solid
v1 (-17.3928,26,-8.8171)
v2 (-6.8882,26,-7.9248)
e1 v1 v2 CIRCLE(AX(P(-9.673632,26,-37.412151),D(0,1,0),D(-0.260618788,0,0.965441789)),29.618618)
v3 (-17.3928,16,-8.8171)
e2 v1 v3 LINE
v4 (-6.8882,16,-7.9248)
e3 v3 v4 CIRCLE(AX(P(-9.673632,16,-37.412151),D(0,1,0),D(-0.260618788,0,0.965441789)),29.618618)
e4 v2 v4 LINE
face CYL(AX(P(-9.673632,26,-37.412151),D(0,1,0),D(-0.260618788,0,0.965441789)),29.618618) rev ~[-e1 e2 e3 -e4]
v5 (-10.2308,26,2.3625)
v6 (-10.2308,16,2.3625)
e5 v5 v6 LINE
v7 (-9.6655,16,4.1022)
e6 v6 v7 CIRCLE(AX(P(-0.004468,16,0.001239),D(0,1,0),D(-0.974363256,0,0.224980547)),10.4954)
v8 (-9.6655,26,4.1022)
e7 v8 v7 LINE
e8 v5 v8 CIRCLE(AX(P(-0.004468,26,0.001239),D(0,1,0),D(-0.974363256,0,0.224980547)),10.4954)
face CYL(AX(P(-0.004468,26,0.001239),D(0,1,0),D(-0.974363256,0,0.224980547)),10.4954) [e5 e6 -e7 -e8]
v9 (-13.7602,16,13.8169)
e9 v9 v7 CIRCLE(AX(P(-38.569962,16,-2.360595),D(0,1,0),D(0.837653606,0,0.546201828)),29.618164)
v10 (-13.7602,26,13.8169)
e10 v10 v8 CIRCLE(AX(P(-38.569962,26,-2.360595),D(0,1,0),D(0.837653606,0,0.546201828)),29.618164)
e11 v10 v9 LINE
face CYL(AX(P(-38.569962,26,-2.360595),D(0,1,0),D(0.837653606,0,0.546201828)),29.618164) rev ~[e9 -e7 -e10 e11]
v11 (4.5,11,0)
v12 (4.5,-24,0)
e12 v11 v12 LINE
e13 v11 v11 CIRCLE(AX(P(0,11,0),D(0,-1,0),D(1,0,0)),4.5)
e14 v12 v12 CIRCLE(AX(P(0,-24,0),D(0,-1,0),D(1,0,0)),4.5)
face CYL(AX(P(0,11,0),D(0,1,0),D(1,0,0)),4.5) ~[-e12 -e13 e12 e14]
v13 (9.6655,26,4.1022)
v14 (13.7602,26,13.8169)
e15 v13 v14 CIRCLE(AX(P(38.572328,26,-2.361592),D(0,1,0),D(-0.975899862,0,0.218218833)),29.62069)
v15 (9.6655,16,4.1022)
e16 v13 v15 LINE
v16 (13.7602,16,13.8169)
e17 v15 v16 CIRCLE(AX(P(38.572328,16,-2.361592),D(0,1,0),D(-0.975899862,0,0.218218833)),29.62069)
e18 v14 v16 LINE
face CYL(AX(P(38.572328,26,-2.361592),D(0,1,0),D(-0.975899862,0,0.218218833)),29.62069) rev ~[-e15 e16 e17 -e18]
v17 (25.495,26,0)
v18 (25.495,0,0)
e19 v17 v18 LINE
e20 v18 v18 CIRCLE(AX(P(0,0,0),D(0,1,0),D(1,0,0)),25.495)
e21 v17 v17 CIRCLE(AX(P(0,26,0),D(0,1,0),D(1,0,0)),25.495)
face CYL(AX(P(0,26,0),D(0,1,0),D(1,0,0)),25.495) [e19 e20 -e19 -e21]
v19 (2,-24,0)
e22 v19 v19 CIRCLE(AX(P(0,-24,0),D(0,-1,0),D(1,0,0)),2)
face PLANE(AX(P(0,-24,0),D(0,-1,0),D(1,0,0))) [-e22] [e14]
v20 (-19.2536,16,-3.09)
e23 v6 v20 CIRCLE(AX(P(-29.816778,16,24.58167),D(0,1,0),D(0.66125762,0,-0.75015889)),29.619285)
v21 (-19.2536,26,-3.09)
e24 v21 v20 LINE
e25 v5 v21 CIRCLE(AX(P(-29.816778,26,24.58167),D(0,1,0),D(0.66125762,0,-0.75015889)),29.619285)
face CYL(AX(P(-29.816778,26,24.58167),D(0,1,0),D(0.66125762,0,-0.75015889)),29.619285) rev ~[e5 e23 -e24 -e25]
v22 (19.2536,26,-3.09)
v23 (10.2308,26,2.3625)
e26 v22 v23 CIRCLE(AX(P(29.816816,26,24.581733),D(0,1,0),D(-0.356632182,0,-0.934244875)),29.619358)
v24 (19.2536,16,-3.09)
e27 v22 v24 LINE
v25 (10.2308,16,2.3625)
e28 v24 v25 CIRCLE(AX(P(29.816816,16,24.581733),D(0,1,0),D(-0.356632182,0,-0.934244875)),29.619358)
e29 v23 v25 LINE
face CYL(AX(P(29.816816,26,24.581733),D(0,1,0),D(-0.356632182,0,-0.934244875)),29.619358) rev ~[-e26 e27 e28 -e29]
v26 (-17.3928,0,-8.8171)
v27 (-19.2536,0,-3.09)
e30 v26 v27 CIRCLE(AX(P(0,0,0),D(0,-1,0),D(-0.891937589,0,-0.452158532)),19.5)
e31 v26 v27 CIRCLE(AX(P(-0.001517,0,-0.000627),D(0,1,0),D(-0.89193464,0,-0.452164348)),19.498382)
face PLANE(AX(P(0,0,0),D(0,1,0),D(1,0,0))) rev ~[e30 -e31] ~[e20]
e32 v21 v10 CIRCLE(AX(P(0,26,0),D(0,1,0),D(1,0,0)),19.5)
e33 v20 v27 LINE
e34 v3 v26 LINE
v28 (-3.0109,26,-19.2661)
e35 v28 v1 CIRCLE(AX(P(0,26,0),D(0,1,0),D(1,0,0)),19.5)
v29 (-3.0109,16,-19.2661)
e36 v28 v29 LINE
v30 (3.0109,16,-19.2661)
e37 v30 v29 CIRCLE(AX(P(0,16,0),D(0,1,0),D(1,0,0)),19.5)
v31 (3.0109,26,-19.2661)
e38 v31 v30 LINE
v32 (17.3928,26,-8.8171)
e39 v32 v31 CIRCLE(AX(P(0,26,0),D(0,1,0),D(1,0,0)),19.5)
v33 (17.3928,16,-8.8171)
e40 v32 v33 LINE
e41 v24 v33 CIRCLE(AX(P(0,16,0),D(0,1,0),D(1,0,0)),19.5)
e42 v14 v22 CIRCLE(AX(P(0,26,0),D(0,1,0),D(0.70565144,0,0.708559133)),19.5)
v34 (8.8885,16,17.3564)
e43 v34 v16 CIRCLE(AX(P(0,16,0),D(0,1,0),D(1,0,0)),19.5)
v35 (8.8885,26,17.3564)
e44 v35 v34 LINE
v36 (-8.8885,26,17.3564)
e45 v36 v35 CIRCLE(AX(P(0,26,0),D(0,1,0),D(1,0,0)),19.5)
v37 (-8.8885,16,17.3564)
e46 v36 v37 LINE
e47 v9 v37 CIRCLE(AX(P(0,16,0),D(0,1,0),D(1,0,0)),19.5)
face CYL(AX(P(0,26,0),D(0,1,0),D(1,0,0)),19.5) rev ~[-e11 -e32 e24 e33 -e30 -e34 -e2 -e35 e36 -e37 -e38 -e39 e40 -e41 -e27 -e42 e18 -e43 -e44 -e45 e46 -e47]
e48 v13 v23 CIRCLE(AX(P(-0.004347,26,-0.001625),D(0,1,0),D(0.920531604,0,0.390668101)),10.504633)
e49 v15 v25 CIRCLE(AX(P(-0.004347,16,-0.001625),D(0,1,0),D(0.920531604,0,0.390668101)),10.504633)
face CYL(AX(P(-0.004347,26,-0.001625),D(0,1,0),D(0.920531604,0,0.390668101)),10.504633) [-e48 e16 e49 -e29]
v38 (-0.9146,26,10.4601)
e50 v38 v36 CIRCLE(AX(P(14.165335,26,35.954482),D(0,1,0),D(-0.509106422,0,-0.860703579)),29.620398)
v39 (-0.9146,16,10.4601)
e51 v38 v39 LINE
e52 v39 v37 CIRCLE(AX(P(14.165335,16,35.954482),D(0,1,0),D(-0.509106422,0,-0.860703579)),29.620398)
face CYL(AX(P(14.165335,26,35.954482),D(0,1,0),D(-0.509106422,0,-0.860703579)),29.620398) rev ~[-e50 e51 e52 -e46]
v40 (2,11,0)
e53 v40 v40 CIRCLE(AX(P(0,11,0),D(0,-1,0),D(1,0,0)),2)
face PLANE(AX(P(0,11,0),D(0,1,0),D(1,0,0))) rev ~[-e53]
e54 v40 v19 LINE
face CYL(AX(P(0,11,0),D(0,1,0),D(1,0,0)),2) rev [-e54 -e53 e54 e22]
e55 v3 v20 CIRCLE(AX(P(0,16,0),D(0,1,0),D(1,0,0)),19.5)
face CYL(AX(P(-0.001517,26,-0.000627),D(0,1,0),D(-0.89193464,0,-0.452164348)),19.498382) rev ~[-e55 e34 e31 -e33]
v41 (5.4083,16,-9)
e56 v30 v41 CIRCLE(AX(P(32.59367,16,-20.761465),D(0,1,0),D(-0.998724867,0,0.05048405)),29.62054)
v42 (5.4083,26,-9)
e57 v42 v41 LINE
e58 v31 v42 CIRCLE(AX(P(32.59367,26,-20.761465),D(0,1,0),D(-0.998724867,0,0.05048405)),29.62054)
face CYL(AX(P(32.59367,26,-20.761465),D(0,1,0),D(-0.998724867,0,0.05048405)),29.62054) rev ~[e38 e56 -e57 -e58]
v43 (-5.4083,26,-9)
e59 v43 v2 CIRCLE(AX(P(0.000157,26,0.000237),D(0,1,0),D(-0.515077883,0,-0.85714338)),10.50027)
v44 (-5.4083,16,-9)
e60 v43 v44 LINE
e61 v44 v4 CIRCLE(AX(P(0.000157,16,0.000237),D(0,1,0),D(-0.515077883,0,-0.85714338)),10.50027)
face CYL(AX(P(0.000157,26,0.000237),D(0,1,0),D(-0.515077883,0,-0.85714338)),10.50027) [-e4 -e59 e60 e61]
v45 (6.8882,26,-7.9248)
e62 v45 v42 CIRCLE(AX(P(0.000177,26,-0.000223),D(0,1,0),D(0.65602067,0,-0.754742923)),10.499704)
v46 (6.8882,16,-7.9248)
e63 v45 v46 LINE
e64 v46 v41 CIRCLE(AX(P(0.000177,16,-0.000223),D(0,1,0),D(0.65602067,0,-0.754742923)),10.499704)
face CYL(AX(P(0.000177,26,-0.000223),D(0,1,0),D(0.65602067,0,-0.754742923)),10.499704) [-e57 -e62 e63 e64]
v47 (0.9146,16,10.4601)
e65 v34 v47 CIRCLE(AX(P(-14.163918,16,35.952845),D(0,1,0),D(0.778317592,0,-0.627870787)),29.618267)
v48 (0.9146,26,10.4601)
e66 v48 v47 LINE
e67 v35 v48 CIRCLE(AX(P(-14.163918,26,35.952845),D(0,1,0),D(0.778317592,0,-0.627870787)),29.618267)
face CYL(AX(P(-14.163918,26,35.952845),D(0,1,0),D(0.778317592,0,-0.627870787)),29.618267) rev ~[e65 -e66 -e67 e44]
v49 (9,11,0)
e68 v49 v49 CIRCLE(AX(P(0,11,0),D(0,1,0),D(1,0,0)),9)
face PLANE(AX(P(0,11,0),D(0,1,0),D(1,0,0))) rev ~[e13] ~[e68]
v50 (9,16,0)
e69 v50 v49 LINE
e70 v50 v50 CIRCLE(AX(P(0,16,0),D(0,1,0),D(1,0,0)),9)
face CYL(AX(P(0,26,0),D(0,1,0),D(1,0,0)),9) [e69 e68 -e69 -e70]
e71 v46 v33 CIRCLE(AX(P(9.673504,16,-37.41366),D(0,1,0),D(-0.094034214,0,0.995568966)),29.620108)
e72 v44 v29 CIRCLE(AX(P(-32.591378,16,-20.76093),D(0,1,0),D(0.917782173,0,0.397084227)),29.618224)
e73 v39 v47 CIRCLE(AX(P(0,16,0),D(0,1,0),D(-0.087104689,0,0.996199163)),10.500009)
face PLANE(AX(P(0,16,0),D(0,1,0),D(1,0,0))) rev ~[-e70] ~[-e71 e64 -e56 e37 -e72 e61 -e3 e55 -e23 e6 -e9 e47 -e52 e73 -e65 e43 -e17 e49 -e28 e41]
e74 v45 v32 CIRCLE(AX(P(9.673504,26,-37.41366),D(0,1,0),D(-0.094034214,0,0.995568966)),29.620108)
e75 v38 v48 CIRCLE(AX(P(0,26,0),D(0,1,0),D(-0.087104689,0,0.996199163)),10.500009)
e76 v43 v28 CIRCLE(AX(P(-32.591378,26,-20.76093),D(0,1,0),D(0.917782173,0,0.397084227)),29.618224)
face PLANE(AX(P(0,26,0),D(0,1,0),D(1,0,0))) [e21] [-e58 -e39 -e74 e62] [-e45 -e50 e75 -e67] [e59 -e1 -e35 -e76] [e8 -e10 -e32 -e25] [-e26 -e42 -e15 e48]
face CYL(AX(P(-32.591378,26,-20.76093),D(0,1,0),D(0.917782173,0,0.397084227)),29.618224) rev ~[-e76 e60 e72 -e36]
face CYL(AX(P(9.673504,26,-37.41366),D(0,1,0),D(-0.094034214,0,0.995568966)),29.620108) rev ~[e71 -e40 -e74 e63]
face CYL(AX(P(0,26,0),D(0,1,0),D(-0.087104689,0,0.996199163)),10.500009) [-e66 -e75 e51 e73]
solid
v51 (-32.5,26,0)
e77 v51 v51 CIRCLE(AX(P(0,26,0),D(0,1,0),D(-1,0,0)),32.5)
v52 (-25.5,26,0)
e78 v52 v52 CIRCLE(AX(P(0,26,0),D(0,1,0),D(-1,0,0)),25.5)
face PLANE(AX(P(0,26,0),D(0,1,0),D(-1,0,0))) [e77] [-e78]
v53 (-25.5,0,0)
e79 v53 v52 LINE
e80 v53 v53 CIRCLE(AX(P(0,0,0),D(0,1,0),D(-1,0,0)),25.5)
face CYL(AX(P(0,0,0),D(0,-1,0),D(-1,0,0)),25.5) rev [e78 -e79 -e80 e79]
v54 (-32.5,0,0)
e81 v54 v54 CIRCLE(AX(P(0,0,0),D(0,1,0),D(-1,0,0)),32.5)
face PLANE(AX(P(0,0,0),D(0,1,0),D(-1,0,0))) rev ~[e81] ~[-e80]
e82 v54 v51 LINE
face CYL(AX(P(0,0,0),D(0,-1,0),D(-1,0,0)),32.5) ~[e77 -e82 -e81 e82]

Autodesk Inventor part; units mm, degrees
ref_plane "YZ Plane" through (0, 0, 0) normal (1, 0, 0) x (0, 1, 0)
ref_plane "XZ Plane" through (0, 0, 0) normal (0, 1, 0) x (-1, 0, 0)
ref_plane "XY Plane" through (0, 0, 0) normal (0, 0, 1) x (1, 0, 0)
sketch "Sketch1" plane through (0, 0, 0) normal (0, 1, 0) x (-1, 0, 0)
  circle A0 centre (0, 0) radius 32.5
  circle A1 centre (0, 0) radius 25.5
  dimension "d0" = 65
  dimension "d1" = 51
extrude "Extrusion1" add sketch "Sketch1" along normal blind 26
sketch "Sketch2" plane through (0, 26, 0) normal (0, 1, 0) x (1, 0, 0)
  circle A0 centre (0, 0) radius 9
  arc A1 (-5.4083, 9) -> (-3.0109, 19.2661) centre (-32.5925, 20.7613) ccw
  arc A2 (3.0109, 19.2661) -> (5.4083, 9) centre (32.5925, 20.7613) ccw
  arc A3 (-10.2308, -2.3625) -> (-19.2536, 3.09) centre (-29.8168, -24.5817) ccw
  arc A4 (-17.3928, 8.8171) -> (-6.8882, 7.9248) centre (-9.6735, 37.4129) ccw
  arc A5 (-0.9146, -10.4601) -> (-8.8885, -17.3564) centre (14.1647, -35.9536) ccw
  arc A6 (-13.7602, -13.8169) -> (-9.6655, -4.1022) centre (-38.5711, 2.3612) ccw
  arc A7 (9.6655, -4.1022) -> (13.7602, -13.8169) centre (38.5711, 2.3612) ccw
  arc A8 (8.8885, -17.3564) -> (0.9146, -10.4601) centre (-14.1647, -35.9536) ccw
  arc A9 (6.8882, 7.9248) -> (17.3928, 8.8171) centre (9.6735, 37.4129) ccw
  arc A10 (19.2536, 3.09) -> (10.2308, -2.3625) centre (29.8168, -24.5817) ccw
  arc A11 (-3.0109, 19.2661) -> (-17.3928, 8.8171) centre (0, 0) ccw
  arc A12 (-19.2536, 3.09) -> (-13.7602, -13.8169) centre (0, 0) ccw
  arc A13 (-8.8885, -17.3564) -> (8.8885, -17.3564) centre (0, 0) ccw
  arc A14 (13.7602, -13.8169) -> (19.2536, 3.09) centre (0, 0) ccw
  arc A15 (17.3928, 8.8171) -> (3.0109, 19.2661) centre (0, 0) ccw
  arc A16 (-5.4083, 9) -> (-6.8882, 7.9248) centre (0, 0) ccw
  arc A17 (-10.2308, -2.3625) -> (-9.6655, -4.1022) centre (0, 0) ccw
  arc A18 (-0.9146, -10.4601) -> (0.9146, -10.4601) centre (0, 0) ccw
  arc A19 (9.6655, -4.1022) -> (10.2308, -2.3625) centre (0, 0) ccw
  arc A20 (6.8882, 7.9248) -> (5.4083, 9) centre (0, 0) ccw
  circle A21 centre (0, 0) radius 25.45
  circle A22 centre (0, 0) radius 19.5
  point P0 (-17.3928, 8.8171)
  point P1 (-19.2536, 3.09)
  point P2 (-8.8885, -17.3564)
  point P3 (8.8885, -17.3564)
  point P4 (13.7602, -13.8169)
  point P5 (19.2536, 3.09)
  point P6 (17.3928, 8.8171)
  point P7 (-3.0109, 19.2661)
  dimension "d6" = 18
  dimension "d11" = 360
  dimension "d15" = 50.9
extrude "Extrusion3" add sketch "Sketch2" against normal blind 10 contours A1 A22 A2 A20 A9 A10 A19 A7 A8 A18 A5 A6 A17 A3 A4 A16
sketch "Sketch3" plane through (0, 26, 0) normal (0, 1, 0) x (1, 0, 0)
  arc A0 (-17.3928, 8.8171) -> (-19.2536, 3.09) centre (0, 0) ccw projected
  circle A1 centre (0, 0) radius 19.5
  circle A2 centre (0, 0) radius 25.495
  point P0 (-17.3928, 8.8171)
  dimension "d18" = 50.99
extrude "Extrusion4" add sketch "Sketch3" against normal up to surface (26 mm away)
sketch "Sketch4" plane through (0, 26, 0) normal (0, 1, 0) x (1, 0, 0)
  circle A0 centre (0, 0) radius 9
extrude "Extrusion5" add sketch "Sketch4" against normal blind 15
sketch "Sketch5" plane through (0, 11, 0) normal (0, -1, 0) x (1, 0, 0)
  circle A0 centre (0, 0) radius 2
  circle A1 centre (0, 0) radius 4.5
  dimension "d23" = 4
  dimension "d24" = 9
extrude "Extrusion6" add sketch "Sketch5" along normal blind 35
properties part number "mock_wheel"
